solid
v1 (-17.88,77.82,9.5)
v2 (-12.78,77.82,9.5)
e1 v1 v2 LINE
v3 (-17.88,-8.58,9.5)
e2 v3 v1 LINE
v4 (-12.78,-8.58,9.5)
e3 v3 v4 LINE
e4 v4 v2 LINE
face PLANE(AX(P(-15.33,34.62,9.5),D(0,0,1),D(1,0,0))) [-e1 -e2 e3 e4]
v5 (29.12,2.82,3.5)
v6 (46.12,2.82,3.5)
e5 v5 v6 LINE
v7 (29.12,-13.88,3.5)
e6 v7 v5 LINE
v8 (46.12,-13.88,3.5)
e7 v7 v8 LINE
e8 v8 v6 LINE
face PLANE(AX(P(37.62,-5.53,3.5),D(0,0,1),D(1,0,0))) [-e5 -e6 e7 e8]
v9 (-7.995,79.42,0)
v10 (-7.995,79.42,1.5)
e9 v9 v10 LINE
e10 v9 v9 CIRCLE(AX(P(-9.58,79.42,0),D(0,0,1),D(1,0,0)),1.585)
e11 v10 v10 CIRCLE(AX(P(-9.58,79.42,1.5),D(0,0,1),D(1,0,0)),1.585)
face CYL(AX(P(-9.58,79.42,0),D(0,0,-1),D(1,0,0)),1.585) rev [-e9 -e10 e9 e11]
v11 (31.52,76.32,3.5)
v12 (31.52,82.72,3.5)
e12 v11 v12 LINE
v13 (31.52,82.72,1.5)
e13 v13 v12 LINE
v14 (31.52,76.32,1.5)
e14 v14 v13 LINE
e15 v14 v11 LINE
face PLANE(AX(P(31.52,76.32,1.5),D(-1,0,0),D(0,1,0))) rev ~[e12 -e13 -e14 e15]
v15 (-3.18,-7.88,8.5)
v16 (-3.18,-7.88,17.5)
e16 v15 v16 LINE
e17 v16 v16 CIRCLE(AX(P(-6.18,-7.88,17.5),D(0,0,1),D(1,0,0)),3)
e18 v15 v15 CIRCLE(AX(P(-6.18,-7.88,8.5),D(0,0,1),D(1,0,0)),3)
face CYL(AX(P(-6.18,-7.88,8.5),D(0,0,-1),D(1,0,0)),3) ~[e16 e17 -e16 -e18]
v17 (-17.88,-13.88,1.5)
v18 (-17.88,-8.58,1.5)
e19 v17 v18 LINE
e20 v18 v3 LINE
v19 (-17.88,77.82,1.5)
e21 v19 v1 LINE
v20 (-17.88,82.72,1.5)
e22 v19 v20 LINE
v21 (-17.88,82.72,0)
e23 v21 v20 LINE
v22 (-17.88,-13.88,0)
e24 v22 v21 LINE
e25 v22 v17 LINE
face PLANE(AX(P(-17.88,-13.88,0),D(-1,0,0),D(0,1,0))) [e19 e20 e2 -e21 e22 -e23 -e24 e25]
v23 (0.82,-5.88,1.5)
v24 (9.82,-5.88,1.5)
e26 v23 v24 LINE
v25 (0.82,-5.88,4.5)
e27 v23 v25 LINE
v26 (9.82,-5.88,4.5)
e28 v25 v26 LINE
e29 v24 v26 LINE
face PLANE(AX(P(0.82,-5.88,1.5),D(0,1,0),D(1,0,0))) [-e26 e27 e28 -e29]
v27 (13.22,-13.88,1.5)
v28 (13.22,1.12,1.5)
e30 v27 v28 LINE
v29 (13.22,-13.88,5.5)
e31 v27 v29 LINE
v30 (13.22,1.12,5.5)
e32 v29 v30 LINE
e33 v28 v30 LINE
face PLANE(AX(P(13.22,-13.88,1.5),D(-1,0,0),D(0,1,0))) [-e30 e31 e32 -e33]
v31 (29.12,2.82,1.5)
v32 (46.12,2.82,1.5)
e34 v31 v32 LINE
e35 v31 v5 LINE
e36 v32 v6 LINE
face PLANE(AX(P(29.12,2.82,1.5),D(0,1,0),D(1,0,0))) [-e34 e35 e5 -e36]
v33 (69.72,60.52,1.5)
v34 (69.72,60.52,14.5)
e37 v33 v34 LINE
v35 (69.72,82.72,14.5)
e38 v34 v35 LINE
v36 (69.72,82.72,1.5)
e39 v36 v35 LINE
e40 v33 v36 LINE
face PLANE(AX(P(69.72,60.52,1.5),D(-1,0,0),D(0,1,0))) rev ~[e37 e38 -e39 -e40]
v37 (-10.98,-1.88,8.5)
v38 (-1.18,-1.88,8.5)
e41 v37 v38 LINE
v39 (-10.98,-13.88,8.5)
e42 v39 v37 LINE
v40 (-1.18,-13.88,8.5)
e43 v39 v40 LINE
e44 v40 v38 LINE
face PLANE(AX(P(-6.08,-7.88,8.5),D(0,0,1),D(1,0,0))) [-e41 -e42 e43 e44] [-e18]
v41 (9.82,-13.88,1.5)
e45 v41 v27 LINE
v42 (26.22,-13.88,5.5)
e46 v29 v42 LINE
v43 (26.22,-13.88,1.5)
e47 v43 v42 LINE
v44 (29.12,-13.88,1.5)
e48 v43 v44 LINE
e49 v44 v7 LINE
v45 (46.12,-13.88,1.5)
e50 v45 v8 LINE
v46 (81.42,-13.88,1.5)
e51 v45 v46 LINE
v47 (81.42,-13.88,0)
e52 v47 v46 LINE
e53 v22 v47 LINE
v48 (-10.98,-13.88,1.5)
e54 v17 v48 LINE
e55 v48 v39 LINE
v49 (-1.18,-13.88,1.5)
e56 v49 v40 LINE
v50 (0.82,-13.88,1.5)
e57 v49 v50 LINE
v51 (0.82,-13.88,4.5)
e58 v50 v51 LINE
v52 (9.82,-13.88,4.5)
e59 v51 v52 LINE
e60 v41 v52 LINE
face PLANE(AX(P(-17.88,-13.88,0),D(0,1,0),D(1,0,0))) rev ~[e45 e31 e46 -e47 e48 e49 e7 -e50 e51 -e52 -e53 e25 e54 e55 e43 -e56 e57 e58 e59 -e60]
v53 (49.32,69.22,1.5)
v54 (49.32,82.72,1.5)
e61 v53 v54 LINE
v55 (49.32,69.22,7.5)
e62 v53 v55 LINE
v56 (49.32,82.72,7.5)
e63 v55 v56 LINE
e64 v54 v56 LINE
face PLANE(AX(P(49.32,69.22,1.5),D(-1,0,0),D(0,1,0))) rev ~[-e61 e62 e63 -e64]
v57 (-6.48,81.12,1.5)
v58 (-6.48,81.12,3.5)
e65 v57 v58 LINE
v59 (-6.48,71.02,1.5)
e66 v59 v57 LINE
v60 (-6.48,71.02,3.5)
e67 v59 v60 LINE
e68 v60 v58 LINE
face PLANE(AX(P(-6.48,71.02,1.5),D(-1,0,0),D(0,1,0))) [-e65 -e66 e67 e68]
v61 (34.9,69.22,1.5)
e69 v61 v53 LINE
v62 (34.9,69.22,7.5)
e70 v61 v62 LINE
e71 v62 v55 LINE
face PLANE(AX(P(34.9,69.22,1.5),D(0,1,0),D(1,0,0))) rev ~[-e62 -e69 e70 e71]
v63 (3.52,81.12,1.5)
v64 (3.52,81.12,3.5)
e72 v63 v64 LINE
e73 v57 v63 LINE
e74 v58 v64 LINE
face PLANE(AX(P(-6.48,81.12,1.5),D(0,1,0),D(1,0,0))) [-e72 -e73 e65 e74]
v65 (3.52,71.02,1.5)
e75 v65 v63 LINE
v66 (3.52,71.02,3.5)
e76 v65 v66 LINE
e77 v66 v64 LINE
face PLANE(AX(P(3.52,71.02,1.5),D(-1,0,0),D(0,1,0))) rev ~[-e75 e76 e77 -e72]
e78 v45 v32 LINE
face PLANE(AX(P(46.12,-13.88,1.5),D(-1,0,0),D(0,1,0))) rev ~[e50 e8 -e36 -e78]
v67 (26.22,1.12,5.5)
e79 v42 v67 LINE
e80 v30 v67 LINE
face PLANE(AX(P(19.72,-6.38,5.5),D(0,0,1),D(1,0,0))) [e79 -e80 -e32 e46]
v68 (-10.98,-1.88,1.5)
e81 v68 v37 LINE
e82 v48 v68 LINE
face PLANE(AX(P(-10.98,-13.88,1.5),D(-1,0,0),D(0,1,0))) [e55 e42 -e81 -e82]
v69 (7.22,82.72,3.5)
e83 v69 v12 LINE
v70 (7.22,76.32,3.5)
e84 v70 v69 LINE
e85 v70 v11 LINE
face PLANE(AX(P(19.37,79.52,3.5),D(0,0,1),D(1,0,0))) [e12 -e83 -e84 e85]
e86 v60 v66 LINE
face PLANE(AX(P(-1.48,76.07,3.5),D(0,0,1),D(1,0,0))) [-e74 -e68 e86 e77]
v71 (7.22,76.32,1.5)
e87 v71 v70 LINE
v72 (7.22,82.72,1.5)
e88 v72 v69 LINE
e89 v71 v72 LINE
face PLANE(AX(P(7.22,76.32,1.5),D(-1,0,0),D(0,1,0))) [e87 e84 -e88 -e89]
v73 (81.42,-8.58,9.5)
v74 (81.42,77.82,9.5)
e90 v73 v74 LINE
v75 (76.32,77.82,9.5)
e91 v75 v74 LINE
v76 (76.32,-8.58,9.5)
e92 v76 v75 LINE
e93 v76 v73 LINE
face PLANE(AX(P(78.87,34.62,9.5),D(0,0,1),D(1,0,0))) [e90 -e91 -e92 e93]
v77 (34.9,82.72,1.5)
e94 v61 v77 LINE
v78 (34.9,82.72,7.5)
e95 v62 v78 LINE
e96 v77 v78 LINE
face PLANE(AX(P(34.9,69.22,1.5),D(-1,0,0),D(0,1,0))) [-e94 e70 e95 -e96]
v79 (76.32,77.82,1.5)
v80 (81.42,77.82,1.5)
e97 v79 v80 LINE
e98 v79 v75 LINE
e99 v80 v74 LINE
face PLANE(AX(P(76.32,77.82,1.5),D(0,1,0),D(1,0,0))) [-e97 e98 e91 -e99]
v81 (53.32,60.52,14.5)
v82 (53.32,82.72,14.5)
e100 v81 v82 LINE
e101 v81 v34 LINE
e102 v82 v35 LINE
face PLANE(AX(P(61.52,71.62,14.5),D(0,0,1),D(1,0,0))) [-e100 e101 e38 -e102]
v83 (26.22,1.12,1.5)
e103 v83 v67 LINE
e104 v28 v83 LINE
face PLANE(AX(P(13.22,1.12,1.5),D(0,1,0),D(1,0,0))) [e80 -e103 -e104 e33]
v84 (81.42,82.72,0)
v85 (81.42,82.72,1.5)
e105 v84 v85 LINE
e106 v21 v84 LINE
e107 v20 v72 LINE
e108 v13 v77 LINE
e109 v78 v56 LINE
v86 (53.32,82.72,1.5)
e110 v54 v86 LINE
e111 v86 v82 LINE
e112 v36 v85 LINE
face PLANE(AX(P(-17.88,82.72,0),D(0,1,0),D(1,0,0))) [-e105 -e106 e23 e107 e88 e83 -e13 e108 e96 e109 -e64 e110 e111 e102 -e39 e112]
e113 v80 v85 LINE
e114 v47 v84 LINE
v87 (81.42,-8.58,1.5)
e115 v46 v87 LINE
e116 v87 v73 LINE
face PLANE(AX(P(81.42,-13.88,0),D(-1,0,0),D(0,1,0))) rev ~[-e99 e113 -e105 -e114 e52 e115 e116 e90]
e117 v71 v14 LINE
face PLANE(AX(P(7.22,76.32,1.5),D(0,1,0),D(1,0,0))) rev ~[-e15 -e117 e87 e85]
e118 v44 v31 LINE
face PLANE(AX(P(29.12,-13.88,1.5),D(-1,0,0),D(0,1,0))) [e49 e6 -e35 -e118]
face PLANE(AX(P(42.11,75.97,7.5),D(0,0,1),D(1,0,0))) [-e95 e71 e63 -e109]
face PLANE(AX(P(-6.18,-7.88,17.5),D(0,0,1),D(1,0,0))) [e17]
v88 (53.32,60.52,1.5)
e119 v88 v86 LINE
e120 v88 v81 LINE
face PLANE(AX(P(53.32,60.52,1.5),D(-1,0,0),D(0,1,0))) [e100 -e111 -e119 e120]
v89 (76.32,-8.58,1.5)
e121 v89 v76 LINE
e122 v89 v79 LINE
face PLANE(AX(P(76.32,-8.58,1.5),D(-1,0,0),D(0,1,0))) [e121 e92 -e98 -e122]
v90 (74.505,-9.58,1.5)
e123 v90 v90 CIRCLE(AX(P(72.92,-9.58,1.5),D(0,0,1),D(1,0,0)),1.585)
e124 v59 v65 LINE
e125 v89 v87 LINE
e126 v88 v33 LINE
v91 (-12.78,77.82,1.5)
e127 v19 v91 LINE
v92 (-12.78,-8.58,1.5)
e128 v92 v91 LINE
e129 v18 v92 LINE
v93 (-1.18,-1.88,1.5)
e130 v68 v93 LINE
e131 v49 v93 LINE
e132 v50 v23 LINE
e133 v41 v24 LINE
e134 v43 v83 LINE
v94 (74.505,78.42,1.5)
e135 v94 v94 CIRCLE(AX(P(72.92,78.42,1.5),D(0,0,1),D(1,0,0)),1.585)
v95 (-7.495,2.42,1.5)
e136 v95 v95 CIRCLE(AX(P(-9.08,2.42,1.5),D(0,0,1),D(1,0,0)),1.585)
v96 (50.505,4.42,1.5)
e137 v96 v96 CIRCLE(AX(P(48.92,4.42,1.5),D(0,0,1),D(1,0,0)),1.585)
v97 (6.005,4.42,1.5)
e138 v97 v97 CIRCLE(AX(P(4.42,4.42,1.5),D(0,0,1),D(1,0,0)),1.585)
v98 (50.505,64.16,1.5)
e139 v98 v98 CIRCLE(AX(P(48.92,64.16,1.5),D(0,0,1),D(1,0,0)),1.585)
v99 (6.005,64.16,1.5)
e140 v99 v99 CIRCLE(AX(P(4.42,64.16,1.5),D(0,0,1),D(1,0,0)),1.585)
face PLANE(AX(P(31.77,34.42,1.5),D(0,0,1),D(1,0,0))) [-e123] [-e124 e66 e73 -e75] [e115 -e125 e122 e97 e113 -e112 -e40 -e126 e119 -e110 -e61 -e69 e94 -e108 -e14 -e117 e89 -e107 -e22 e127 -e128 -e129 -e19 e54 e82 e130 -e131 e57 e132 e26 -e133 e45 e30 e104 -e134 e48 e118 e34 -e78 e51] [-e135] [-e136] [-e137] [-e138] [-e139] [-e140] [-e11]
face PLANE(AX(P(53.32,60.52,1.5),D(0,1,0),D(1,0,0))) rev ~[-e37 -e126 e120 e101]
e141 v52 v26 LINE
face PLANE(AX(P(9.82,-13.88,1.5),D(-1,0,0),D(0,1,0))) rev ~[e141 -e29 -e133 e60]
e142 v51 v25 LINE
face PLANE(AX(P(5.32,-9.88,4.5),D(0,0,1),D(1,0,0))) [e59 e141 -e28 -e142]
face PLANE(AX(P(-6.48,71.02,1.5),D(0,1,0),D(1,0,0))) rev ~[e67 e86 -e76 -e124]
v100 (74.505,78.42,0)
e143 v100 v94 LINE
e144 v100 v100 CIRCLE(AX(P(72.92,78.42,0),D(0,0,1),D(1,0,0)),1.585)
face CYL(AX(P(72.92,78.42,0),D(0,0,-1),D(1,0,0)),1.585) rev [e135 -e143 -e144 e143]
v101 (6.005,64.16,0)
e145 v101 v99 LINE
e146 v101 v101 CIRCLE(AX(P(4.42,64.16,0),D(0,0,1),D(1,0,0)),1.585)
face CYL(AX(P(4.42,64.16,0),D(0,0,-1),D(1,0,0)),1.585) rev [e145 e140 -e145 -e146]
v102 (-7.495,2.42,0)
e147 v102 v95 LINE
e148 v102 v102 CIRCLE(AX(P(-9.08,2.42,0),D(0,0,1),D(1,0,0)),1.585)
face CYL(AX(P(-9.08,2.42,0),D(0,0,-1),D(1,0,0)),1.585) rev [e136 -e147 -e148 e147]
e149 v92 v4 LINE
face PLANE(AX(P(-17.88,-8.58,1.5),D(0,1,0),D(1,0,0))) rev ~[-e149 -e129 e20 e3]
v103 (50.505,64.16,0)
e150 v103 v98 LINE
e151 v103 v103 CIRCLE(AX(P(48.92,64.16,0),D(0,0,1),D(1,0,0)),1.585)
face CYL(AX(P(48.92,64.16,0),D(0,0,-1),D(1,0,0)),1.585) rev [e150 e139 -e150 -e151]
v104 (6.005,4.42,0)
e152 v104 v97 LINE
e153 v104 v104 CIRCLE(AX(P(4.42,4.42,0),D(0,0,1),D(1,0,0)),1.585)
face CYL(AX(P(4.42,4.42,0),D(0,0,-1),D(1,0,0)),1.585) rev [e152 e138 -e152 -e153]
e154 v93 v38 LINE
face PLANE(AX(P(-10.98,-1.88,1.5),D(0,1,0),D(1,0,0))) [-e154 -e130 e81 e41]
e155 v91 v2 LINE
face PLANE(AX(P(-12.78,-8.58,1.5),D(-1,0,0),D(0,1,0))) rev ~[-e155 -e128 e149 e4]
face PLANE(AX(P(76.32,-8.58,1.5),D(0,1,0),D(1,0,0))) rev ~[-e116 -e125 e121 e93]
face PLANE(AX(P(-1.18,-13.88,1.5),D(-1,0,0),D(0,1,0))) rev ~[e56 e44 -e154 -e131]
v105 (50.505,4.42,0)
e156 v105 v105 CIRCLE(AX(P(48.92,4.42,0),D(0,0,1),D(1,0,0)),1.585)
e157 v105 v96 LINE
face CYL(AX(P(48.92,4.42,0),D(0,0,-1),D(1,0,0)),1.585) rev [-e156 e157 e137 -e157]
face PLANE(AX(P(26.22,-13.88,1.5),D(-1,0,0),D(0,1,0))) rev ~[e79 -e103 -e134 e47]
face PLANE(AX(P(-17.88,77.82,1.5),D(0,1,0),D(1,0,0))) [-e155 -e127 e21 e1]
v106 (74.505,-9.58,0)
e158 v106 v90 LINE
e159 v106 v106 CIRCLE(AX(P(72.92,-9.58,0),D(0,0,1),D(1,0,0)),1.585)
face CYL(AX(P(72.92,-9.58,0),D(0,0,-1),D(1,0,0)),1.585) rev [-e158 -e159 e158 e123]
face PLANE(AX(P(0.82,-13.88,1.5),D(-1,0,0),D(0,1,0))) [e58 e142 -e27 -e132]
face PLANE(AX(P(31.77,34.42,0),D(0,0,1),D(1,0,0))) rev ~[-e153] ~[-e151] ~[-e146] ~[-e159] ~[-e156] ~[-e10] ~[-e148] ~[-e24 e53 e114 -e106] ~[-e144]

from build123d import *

# Parameters (mm, degrees)
SKETCH_1_W       = 99.3
SKETCH_1_H       = 96.6
SKETCH_1_R       = 1.585
EXTRUDE_1_DEPTH  = 1.5
SKETCH_2_W       = 9.8
SKETCH_2_H       = 12
EXTRUDE_2_DEPTH  = 7
SKETCH_3_R       = 3
EXTRUDE_3_DEPTH  = 9
SKETCH_4_W       = 5.1
SKETCH_4_H       = 86.4
EXTRUDE_4_DEPTH  = 8
SKETCH_5_W       = 16.4
SKETCH_5_H       = 22.2
EXTRUDE_5_DEPTH  = 13
SKETCH_6_W       = 14.42
SKETCH_6_H       = 13.5
EXTRUDE_6_DEPTH  = 6
SKETCH_7_W       = 24.3
SKETCH_7_H       = 6.4
EXTRUDE_7_DEPTH  = 2
SKETCH_8_W       = 10
SKETCH_8_H       = 10.1
EXTRUDE_8_DEPTH  = 2
SKETCH_9_W       = 9
SKETCH_9_H       = 8
EXTRUDE_9_DEPTH  = 3
SKETCH_10_W      = 13
SKETCH_10_H      = 15
EXTRUDE_10_DEPTH = 4
SKETCH_11_W      = 17
SKETCH_11_H      = 16.7
EXTRUDE_11_DEPTH = 2


with BuildPart() as part:
    # 草图1 → 凸台-拉伸1 (new body)
    with BuildSketch(Plane.XY):
        with Locations((31.77, 34.42)):
            Rectangle(SKETCH_1_W, SKETCH_1_H)
        with Locations((48.92, 64.16)):
            Circle(SKETCH_1_R, mode=Mode.SUBTRACT)
        with Locations((4.42, 64.16)):
            Circle(SKETCH_1_R, mode=Mode.SUBTRACT)
        with Locations((4.42, 4.42)):
            Circle(SKETCH_1_R, mode=Mode.SUBTRACT)
        with Locations((48.92, 4.42)):
            Circle(SKETCH_1_R, mode=Mode.SUBTRACT)
        with Locations((-9.08, 2.42)):
            Circle(SKETCH_1_R, mode=Mode.SUBTRACT)
        with Locations((72.92, -9.58)):
            Circle(SKETCH_1_R, mode=Mode.SUBTRACT)
        with Locations((72.92, 78.42)):
            Circle(SKETCH_1_R, mode=Mode.SUBTRACT)
        with Locations((-9.58, 79.42)):
            Circle(SKETCH_1_R, mode=Mode.SUBTRACT)
    extrude(amount=EXTRUDE_1_DEPTH)

    # 草图2 → 凸台-拉伸2 (add)
    with BuildSketch(Plane.XY.offset(1.5)):
        with Locations((-6.08, -7.88)):
            Rectangle(SKETCH_2_W, SKETCH_2_H)
    extrude(amount=EXTRUDE_2_DEPTH)

    # 草图3 → 凸台-拉伸3 (add)
    with BuildSketch(Plane.XY.offset(8.5)):
        with Locations((-6.18, -7.88)):
            Circle(SKETCH_3_R)
    extrude(amount=EXTRUDE_3_DEPTH)

    # 草图4 → 凸台-拉伸4 (add)
    with BuildSketch(Plane.XY.offset(1.5)):
        with Locations((78.87, 34.62)):
            Rectangle(SKETCH_4_W, SKETCH_4_H)
        with Locations((-15.33, 34.62)):
            Rectangle(SKETCH_4_W, SKETCH_4_H)
    extrude(amount=EXTRUDE_4_DEPTH)

    # 草图5 → 凸台-拉伸5 (add)
    with BuildSketch(Plane.XY.offset(1.5)):
        with Locations((61.52, 71.62)):
            Rectangle(SKETCH_5_W, SKETCH_5_H)
    extrude(amount=EXTRUDE_5_DEPTH)

    # 草图6 → 凸台-拉伸6 (add)
    with BuildSketch(Plane.XY.offset(1.5)):
        with Locations((42.11, 75.97)):
            Rectangle(SKETCH_6_W, SKETCH_6_H)
    extrude(amount=EXTRUDE_6_DEPTH)

    # 草图7 → 凸台-拉伸7 (add)
    with BuildSketch(Plane.XY.offset(1.5)):
        with Locations((19.37, 79.52)):
            Rectangle(SKETCH_7_W, SKETCH_7_H)
    extrude(amount=EXTRUDE_7_DEPTH)

    # 草图8 → 凸台-拉伸8 (add)
    with BuildSketch(Plane.XY.offset(1.5)):
        with Locations((-1.48, 76.07)):
            Rectangle(SKETCH_8_W, SKETCH_8_H)
    extrude(amount=EXTRUDE_8_DEPTH)

    # 草图9 → 凸台-拉伸9 (add)
    with BuildSketch(Plane.XY.offset(1.5)):
        with Locations((5.32, -9.88)):
            Rectangle(SKETCH_9_W, SKETCH_9_H)
    extrude(amount=EXTRUDE_9_DEPTH)

    # 草图10 → 凸台-拉伸10 (add)
    with BuildSketch(Plane.XY.offset(1.5)):
        with Locations((19.72, -6.38)):
            Rectangle(SKETCH_10_W, SKETCH_10_H)
    extrude(amount=EXTRUDE_10_DEPTH)

    # 草图11 → 凸台-拉伸11 (add)
    with BuildSketch(Plane.XY.offset(1.5)):
        with Locations((37.62, -5.53)):
            Rectangle(SKETCH_11_W, SKETCH_11_H)
    extrude(amount=EXTRUDE_11_DEPTH)


solid = part.part
